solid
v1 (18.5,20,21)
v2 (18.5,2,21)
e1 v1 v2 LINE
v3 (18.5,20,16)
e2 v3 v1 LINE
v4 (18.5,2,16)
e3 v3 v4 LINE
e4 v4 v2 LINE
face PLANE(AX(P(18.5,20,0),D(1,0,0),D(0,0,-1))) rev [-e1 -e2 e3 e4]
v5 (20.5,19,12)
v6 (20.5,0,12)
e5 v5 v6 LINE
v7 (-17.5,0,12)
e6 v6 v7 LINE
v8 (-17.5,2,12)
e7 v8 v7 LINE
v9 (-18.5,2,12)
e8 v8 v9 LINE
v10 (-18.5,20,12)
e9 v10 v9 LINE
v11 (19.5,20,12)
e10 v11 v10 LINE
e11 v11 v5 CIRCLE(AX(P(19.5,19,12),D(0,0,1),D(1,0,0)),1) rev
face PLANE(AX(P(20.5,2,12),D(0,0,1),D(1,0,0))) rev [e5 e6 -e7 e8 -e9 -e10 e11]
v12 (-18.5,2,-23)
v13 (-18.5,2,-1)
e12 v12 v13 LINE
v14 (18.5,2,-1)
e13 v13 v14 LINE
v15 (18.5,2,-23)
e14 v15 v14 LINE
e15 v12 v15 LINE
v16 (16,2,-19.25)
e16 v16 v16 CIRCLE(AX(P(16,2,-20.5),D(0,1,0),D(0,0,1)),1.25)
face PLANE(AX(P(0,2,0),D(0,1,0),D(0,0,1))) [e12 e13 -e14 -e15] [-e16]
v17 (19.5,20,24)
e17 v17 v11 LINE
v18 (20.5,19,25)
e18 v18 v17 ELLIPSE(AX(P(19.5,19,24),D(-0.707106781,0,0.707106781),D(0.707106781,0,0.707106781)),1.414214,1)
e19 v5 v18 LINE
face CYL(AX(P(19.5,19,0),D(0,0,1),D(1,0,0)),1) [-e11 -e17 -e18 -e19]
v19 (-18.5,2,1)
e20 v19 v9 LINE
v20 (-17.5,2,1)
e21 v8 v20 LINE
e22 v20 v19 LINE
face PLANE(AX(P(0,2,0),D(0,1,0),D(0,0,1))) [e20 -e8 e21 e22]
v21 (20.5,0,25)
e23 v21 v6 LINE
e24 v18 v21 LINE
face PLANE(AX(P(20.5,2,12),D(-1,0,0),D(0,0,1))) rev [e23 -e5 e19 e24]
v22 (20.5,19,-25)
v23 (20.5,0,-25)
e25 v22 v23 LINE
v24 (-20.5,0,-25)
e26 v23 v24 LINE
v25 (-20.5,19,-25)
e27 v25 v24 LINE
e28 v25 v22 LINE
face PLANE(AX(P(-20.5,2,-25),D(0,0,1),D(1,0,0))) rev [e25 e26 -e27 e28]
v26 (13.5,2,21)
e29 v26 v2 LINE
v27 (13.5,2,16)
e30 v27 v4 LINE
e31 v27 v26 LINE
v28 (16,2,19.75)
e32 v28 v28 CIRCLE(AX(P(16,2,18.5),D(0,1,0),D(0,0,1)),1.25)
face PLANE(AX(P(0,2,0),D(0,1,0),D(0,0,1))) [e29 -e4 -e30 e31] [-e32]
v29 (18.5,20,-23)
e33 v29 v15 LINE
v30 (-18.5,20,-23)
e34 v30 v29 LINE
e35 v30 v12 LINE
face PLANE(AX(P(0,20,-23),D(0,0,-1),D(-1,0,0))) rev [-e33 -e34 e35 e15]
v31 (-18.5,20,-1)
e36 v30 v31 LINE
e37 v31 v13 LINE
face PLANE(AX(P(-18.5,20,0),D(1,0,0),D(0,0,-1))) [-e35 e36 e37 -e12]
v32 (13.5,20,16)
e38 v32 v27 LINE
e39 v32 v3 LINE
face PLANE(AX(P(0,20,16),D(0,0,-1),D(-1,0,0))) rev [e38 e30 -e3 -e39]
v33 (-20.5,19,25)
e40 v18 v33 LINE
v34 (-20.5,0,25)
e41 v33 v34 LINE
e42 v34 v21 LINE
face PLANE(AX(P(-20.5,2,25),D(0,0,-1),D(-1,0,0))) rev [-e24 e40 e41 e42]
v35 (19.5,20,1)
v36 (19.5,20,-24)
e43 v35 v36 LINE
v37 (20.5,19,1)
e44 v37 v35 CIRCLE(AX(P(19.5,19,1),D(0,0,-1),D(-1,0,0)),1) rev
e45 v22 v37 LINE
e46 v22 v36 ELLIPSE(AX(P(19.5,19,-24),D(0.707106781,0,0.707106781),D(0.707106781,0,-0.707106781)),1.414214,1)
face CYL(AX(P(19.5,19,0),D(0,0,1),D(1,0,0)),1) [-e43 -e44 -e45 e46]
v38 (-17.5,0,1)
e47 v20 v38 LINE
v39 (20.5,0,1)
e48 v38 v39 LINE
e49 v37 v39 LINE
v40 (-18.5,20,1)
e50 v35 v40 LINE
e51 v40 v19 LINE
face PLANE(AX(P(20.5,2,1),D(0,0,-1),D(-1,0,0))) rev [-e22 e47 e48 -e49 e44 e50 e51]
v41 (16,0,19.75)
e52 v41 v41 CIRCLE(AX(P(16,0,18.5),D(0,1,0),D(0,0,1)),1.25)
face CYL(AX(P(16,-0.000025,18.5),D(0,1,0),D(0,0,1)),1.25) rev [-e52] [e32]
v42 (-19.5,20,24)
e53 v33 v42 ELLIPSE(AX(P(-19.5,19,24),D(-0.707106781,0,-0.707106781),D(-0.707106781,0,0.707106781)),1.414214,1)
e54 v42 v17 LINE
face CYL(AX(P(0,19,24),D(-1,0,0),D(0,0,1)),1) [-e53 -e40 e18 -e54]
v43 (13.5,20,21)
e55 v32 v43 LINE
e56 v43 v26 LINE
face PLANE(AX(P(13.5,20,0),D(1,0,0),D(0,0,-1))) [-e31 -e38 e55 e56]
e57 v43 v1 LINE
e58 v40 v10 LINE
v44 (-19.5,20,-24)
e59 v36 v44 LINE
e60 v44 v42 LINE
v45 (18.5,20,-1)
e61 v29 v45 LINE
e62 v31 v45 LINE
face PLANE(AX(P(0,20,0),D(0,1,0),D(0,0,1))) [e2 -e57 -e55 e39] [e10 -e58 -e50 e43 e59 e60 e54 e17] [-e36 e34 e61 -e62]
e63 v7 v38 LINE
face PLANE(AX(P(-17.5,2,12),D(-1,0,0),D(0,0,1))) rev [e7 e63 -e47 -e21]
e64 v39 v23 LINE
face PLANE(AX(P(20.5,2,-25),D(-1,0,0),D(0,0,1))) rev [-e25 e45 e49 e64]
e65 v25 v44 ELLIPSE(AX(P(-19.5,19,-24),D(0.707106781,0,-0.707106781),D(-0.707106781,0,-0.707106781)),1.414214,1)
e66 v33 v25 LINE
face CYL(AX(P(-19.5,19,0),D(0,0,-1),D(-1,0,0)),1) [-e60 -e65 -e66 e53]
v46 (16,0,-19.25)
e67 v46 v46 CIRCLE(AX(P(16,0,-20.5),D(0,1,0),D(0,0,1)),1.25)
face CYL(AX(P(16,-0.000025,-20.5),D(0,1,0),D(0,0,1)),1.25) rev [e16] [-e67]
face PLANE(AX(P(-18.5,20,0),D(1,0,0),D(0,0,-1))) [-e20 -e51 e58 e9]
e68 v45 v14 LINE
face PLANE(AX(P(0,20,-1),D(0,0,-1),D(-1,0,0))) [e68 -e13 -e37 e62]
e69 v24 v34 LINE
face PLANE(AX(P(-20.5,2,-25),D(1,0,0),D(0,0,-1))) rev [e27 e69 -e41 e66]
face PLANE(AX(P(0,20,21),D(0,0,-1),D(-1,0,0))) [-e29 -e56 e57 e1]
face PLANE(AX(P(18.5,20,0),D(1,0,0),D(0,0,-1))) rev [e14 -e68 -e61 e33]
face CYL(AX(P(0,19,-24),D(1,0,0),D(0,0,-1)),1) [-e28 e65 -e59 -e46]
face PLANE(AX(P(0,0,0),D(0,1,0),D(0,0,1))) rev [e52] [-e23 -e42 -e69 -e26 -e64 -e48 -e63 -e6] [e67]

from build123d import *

# Parameters (mm, degrees)
BOSS_EXTRUDE1_DEPTH = 2
SKETCH2_W           = 5
SKETCH2_H           = 5
SKETCH2_W_2         = 37
SKETCH2_H_2         = 22
BOSS_EXTRUDE3_DEPTH = 18
SKETCH3_R           = 1.25
CUT_EXTRUDE1_DEPTH  = 38.003378224
FILLET1_R           = 1


with BuildPart() as part:
    # Sketch1 → Boss-Extrude1 (new body)
    with BuildSketch(Plane(origin=(0, 0, 0), x_dir=(1, 0, 0), z_dir=(0, 1, 0))):
        Polygon((20.5, 25), (20.5, -1), (-17.5, -1), (-17.5, -12), (20.5, -12), (20.5, -25), (-20.5, -25), (-20.5, 25), align=None)
    extrude(amount=BOSS_EXTRUDE1_DEPTH)

    # Sketch2 → Boss-Extrude3 (add)
    with BuildSketch(Plane(origin=(0, 2, 0), x_dir=(1, 0, 0), z_dir=(0, 1, 0))):
        Polygon((20.5, 25), (-20.5, 25), (-20.5, -25), (20.5, -25), (20.5, -12), (-17.5, -12), (-18.5, -12), (-18.5, -1), (-17.5, -1), (20.5, -1), align=None)
        with Locations((16, -18.5)):
            Rectangle(SKETCH2_W, SKETCH2_H, mode=Mode.SUBTRACT)
        with Locations((0, 12)):
            Rectangle(SKETCH2_W_2, SKETCH2_H_2, mode=Mode.SUBTRACT)
    extrude(amount=BOSS_EXTRUDE3_DEPTH)

    # Sketch3 → Cut-Extrude1 (cut, through all)
    with BuildSketch(Plane(origin=(0, 2, 0), x_dir=(1, 0, 0), z_dir=(0, 1, 0))):
        with Locations(Location((16, 20.5, 0), (0, 0, 270))):
            Circle(SKETCH3_R)
        with Locations(Location((16, -18.5, 0), (0, 0, 270))):
            Circle(SKETCH3_R)
    extrude(amount=-CUT_EXTRUDE1_DEPTH, mode=Mode.SUBTRACT)

    # Fillet1
    fillet1_edges = [part.edges().sort_by_distance(p)[0] for p in [
        (20.5, 20, -12),
        (0, 20, -25),
        (-20.5, 20, 0),
        (0, 20, 25),
        (20.5, 20, 18.5),
    ]]
    fillet(fillet1_edges, radius=FILLET1_R)


solid = part.part
